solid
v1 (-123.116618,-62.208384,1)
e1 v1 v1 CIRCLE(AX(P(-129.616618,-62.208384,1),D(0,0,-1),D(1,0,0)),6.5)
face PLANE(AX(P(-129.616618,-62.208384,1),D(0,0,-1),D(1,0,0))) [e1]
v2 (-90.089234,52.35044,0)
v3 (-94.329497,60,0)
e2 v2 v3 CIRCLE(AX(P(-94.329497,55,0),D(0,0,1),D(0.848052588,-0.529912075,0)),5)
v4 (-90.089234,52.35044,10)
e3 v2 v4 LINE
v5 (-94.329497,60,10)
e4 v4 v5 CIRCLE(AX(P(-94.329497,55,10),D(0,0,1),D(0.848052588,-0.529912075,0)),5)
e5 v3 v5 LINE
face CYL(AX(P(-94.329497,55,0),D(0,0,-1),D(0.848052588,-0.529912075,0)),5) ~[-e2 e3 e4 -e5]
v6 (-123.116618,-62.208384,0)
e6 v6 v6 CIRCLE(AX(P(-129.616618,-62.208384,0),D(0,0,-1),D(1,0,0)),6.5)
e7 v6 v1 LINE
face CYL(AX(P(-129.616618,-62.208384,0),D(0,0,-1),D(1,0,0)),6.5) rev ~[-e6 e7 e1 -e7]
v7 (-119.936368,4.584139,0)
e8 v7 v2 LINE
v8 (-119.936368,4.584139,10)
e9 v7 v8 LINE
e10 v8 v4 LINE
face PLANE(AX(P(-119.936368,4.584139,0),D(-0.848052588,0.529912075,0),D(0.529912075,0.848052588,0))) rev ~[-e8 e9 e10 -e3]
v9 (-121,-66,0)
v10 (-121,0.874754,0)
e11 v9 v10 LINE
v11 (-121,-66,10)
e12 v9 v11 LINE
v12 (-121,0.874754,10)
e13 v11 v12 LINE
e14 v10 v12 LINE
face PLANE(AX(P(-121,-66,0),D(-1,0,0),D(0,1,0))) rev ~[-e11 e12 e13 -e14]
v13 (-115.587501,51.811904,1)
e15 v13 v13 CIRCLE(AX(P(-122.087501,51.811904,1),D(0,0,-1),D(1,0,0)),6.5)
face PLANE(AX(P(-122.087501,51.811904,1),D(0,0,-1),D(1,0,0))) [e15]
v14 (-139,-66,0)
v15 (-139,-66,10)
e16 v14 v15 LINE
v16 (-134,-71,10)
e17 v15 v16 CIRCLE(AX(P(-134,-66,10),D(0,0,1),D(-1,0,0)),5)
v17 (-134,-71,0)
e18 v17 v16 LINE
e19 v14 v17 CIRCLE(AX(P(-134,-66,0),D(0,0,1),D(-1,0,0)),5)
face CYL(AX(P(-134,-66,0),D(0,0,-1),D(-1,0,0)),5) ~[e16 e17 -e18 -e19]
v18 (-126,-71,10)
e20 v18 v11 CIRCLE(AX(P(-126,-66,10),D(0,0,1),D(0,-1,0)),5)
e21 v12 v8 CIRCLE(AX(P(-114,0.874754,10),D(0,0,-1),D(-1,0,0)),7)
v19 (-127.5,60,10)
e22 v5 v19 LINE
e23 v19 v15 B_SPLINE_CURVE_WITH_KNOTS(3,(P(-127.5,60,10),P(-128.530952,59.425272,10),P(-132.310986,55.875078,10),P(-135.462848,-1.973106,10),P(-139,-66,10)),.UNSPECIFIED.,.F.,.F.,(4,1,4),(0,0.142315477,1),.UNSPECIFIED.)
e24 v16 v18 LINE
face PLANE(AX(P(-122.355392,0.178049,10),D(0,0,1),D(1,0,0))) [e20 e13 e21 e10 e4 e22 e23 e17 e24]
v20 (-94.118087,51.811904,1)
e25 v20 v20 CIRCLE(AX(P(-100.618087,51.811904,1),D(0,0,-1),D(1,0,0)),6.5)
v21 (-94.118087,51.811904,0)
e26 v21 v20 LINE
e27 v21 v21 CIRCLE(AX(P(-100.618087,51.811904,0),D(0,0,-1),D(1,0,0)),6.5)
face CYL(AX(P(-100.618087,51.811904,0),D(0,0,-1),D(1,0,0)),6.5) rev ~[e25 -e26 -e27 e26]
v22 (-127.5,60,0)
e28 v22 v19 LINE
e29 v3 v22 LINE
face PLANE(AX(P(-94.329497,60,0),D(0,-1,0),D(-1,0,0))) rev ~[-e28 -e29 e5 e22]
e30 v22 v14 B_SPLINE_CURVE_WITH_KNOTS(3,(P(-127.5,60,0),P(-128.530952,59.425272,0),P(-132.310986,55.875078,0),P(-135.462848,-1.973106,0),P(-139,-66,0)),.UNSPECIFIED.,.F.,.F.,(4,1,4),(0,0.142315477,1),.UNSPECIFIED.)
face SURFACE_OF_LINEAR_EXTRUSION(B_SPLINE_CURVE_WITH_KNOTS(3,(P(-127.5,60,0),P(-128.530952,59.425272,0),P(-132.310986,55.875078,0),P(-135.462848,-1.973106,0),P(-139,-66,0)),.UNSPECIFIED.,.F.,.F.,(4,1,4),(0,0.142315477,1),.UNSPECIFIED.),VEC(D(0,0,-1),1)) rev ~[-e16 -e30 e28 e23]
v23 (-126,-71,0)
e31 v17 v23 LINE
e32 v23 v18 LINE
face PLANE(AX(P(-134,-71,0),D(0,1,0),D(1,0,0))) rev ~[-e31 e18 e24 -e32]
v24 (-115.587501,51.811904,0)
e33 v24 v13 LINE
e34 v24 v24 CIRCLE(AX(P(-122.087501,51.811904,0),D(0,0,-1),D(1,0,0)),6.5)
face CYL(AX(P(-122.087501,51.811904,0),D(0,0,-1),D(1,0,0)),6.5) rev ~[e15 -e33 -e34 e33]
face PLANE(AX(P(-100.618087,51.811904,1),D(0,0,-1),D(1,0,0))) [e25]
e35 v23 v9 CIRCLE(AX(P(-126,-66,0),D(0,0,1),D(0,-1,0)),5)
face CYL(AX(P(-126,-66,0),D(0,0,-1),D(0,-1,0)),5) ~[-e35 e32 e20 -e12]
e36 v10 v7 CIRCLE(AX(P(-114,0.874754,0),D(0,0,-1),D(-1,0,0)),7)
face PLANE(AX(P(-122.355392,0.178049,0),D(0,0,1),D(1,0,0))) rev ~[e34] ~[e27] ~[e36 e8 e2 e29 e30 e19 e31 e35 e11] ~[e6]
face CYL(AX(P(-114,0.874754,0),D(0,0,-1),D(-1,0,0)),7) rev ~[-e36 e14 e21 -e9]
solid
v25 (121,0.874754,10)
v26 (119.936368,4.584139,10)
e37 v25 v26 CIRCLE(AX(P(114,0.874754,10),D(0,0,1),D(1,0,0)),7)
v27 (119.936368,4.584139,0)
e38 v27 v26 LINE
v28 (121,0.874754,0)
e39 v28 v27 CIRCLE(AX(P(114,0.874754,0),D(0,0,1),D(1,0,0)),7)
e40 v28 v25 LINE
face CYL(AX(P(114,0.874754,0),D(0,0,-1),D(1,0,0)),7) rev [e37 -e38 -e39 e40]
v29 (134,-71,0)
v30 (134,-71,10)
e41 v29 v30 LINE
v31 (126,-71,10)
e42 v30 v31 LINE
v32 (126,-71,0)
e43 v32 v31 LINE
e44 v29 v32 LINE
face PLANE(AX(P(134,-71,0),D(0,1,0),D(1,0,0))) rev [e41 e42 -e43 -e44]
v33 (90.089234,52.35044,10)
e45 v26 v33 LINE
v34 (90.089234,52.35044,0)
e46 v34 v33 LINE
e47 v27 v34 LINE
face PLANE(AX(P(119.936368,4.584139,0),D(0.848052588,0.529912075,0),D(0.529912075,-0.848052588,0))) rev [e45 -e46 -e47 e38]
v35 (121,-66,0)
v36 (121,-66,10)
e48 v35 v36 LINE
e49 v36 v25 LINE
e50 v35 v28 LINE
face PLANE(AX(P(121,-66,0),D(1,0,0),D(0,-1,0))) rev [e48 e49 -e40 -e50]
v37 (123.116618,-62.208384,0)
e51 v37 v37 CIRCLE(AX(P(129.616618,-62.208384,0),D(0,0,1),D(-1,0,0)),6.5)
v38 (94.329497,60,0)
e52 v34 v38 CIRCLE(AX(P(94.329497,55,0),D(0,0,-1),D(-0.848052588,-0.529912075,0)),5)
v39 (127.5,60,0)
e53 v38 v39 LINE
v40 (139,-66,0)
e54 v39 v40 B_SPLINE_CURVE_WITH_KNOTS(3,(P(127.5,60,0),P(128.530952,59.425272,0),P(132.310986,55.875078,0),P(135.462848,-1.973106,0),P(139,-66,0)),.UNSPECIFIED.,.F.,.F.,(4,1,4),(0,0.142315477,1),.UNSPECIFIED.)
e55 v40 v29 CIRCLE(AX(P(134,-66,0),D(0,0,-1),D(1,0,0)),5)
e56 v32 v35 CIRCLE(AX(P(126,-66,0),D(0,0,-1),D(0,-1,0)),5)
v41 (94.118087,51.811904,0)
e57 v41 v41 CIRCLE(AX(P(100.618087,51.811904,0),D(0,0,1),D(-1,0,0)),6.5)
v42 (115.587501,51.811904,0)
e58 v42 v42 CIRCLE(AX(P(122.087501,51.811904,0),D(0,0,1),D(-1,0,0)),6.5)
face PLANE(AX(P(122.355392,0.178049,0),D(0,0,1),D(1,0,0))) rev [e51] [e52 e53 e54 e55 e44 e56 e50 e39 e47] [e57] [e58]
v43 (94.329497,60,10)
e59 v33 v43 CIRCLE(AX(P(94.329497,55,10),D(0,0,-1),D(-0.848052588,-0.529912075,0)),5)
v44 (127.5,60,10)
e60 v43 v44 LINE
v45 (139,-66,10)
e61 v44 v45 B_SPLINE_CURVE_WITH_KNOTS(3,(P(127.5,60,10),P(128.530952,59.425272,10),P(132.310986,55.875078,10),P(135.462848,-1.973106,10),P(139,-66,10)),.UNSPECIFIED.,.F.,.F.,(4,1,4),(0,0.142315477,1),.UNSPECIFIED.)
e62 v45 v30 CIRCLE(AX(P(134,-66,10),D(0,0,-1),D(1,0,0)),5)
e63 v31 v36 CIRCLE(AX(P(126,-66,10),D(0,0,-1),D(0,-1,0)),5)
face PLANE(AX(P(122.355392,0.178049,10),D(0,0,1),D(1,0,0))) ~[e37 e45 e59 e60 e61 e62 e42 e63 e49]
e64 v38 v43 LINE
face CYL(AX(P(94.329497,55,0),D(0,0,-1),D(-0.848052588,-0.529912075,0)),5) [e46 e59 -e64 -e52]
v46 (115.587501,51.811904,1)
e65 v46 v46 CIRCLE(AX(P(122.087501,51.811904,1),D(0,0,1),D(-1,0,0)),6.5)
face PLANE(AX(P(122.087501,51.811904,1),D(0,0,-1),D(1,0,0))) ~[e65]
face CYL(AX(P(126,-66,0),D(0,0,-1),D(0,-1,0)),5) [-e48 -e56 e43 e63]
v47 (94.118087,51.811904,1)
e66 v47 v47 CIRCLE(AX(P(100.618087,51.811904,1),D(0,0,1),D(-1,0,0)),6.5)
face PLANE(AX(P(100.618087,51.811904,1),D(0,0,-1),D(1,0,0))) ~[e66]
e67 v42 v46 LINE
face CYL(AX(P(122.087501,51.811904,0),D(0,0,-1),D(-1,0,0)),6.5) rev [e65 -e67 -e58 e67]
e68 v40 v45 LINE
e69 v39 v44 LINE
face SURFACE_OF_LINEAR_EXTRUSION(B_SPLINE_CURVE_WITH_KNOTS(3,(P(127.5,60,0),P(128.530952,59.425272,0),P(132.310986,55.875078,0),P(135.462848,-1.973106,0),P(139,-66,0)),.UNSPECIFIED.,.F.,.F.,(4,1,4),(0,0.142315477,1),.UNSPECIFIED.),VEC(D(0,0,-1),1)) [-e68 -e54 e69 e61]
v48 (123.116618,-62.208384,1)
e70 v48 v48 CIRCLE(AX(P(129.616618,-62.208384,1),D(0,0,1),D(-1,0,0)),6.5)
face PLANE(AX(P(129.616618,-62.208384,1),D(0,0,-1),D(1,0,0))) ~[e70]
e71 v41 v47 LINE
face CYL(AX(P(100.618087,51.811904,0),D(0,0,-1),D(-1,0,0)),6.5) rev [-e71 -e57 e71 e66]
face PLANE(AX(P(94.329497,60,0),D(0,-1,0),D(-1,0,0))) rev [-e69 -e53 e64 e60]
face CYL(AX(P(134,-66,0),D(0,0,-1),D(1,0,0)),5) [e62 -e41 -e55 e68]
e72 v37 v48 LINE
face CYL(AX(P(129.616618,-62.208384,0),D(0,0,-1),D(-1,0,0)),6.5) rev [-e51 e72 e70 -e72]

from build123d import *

# Parameters (mm, degrees)
F3_DEPTH = 10
F5_R     = 6.5
F6_DEPTH = 1


with BuildPart() as f3:
    # F2 (on Top) → F3 (new body)
    with BuildSketch(Plane.XY):
        with BuildLine():
            ThreePointArc((-139, -66), (-137.5355339059, -69.5355339059), (-134, -71))
            Line((-134, -71), (-126, -71))
            ThreePointArc((-126, -71), (-122.4644660941, -69.5355339059), (-121, -66))
            Line((-121, -66), (-121, 0.8747540957))
            ThreePointArc((-121, 0.8747540957), (-120.7288400494, 2.8041870666), (-119.9363681173, 4.5841386236))
            Line((-119.9363681173, 4.5841386236), (-90.0892335764, 52.3504396229))
            ThreePointArc((-90.0892335764, 52.3504396229), (-89.9564082559, 57.4240666363), (-94.3294965174, 60))
            Line((-94.3294965174, 60), (-123, 60))
            Line((-123, 60), (-127.5, 60))
            add(Edge.make_bspline(
                [(-127.5, 60), (-128.5309515502, 59.4252718402), (-132.3109857139, 55.8750775163), (-135.4628480418, -1.9731064327), (-139, -66)],
                knots=[0, 0, 0, 0, 0.1423154771, 1, 1, 1, 1], degree=3))
        make_face()
    extrude(amount=F3_DEPTH)

    # F5 (on face) → F6 (cut)
    with BuildSketch(Plane(origin=(0, 0, 0), x_dir=(1, 0, 0), z_dir=(0, 0, -1))):
        with Locations((-129.6166181564, 62.2083842754)):
            Circle(F5_R)
        with Locations((-100.6180867553, -51.8119037151)):
            Circle(F5_R)
        with Locations((-122.0875009894, -51.8119037151)):
            Circle(F5_R)
    extrude(amount=-F6_DEPTH, mode=Mode.SUBTRACT)


with BuildPart() as f7_1:
    # F7: instance of F3
    add(f3.part.mirror(Plane.YZ))


solid = Compound([f3.part, f7_1.part])
